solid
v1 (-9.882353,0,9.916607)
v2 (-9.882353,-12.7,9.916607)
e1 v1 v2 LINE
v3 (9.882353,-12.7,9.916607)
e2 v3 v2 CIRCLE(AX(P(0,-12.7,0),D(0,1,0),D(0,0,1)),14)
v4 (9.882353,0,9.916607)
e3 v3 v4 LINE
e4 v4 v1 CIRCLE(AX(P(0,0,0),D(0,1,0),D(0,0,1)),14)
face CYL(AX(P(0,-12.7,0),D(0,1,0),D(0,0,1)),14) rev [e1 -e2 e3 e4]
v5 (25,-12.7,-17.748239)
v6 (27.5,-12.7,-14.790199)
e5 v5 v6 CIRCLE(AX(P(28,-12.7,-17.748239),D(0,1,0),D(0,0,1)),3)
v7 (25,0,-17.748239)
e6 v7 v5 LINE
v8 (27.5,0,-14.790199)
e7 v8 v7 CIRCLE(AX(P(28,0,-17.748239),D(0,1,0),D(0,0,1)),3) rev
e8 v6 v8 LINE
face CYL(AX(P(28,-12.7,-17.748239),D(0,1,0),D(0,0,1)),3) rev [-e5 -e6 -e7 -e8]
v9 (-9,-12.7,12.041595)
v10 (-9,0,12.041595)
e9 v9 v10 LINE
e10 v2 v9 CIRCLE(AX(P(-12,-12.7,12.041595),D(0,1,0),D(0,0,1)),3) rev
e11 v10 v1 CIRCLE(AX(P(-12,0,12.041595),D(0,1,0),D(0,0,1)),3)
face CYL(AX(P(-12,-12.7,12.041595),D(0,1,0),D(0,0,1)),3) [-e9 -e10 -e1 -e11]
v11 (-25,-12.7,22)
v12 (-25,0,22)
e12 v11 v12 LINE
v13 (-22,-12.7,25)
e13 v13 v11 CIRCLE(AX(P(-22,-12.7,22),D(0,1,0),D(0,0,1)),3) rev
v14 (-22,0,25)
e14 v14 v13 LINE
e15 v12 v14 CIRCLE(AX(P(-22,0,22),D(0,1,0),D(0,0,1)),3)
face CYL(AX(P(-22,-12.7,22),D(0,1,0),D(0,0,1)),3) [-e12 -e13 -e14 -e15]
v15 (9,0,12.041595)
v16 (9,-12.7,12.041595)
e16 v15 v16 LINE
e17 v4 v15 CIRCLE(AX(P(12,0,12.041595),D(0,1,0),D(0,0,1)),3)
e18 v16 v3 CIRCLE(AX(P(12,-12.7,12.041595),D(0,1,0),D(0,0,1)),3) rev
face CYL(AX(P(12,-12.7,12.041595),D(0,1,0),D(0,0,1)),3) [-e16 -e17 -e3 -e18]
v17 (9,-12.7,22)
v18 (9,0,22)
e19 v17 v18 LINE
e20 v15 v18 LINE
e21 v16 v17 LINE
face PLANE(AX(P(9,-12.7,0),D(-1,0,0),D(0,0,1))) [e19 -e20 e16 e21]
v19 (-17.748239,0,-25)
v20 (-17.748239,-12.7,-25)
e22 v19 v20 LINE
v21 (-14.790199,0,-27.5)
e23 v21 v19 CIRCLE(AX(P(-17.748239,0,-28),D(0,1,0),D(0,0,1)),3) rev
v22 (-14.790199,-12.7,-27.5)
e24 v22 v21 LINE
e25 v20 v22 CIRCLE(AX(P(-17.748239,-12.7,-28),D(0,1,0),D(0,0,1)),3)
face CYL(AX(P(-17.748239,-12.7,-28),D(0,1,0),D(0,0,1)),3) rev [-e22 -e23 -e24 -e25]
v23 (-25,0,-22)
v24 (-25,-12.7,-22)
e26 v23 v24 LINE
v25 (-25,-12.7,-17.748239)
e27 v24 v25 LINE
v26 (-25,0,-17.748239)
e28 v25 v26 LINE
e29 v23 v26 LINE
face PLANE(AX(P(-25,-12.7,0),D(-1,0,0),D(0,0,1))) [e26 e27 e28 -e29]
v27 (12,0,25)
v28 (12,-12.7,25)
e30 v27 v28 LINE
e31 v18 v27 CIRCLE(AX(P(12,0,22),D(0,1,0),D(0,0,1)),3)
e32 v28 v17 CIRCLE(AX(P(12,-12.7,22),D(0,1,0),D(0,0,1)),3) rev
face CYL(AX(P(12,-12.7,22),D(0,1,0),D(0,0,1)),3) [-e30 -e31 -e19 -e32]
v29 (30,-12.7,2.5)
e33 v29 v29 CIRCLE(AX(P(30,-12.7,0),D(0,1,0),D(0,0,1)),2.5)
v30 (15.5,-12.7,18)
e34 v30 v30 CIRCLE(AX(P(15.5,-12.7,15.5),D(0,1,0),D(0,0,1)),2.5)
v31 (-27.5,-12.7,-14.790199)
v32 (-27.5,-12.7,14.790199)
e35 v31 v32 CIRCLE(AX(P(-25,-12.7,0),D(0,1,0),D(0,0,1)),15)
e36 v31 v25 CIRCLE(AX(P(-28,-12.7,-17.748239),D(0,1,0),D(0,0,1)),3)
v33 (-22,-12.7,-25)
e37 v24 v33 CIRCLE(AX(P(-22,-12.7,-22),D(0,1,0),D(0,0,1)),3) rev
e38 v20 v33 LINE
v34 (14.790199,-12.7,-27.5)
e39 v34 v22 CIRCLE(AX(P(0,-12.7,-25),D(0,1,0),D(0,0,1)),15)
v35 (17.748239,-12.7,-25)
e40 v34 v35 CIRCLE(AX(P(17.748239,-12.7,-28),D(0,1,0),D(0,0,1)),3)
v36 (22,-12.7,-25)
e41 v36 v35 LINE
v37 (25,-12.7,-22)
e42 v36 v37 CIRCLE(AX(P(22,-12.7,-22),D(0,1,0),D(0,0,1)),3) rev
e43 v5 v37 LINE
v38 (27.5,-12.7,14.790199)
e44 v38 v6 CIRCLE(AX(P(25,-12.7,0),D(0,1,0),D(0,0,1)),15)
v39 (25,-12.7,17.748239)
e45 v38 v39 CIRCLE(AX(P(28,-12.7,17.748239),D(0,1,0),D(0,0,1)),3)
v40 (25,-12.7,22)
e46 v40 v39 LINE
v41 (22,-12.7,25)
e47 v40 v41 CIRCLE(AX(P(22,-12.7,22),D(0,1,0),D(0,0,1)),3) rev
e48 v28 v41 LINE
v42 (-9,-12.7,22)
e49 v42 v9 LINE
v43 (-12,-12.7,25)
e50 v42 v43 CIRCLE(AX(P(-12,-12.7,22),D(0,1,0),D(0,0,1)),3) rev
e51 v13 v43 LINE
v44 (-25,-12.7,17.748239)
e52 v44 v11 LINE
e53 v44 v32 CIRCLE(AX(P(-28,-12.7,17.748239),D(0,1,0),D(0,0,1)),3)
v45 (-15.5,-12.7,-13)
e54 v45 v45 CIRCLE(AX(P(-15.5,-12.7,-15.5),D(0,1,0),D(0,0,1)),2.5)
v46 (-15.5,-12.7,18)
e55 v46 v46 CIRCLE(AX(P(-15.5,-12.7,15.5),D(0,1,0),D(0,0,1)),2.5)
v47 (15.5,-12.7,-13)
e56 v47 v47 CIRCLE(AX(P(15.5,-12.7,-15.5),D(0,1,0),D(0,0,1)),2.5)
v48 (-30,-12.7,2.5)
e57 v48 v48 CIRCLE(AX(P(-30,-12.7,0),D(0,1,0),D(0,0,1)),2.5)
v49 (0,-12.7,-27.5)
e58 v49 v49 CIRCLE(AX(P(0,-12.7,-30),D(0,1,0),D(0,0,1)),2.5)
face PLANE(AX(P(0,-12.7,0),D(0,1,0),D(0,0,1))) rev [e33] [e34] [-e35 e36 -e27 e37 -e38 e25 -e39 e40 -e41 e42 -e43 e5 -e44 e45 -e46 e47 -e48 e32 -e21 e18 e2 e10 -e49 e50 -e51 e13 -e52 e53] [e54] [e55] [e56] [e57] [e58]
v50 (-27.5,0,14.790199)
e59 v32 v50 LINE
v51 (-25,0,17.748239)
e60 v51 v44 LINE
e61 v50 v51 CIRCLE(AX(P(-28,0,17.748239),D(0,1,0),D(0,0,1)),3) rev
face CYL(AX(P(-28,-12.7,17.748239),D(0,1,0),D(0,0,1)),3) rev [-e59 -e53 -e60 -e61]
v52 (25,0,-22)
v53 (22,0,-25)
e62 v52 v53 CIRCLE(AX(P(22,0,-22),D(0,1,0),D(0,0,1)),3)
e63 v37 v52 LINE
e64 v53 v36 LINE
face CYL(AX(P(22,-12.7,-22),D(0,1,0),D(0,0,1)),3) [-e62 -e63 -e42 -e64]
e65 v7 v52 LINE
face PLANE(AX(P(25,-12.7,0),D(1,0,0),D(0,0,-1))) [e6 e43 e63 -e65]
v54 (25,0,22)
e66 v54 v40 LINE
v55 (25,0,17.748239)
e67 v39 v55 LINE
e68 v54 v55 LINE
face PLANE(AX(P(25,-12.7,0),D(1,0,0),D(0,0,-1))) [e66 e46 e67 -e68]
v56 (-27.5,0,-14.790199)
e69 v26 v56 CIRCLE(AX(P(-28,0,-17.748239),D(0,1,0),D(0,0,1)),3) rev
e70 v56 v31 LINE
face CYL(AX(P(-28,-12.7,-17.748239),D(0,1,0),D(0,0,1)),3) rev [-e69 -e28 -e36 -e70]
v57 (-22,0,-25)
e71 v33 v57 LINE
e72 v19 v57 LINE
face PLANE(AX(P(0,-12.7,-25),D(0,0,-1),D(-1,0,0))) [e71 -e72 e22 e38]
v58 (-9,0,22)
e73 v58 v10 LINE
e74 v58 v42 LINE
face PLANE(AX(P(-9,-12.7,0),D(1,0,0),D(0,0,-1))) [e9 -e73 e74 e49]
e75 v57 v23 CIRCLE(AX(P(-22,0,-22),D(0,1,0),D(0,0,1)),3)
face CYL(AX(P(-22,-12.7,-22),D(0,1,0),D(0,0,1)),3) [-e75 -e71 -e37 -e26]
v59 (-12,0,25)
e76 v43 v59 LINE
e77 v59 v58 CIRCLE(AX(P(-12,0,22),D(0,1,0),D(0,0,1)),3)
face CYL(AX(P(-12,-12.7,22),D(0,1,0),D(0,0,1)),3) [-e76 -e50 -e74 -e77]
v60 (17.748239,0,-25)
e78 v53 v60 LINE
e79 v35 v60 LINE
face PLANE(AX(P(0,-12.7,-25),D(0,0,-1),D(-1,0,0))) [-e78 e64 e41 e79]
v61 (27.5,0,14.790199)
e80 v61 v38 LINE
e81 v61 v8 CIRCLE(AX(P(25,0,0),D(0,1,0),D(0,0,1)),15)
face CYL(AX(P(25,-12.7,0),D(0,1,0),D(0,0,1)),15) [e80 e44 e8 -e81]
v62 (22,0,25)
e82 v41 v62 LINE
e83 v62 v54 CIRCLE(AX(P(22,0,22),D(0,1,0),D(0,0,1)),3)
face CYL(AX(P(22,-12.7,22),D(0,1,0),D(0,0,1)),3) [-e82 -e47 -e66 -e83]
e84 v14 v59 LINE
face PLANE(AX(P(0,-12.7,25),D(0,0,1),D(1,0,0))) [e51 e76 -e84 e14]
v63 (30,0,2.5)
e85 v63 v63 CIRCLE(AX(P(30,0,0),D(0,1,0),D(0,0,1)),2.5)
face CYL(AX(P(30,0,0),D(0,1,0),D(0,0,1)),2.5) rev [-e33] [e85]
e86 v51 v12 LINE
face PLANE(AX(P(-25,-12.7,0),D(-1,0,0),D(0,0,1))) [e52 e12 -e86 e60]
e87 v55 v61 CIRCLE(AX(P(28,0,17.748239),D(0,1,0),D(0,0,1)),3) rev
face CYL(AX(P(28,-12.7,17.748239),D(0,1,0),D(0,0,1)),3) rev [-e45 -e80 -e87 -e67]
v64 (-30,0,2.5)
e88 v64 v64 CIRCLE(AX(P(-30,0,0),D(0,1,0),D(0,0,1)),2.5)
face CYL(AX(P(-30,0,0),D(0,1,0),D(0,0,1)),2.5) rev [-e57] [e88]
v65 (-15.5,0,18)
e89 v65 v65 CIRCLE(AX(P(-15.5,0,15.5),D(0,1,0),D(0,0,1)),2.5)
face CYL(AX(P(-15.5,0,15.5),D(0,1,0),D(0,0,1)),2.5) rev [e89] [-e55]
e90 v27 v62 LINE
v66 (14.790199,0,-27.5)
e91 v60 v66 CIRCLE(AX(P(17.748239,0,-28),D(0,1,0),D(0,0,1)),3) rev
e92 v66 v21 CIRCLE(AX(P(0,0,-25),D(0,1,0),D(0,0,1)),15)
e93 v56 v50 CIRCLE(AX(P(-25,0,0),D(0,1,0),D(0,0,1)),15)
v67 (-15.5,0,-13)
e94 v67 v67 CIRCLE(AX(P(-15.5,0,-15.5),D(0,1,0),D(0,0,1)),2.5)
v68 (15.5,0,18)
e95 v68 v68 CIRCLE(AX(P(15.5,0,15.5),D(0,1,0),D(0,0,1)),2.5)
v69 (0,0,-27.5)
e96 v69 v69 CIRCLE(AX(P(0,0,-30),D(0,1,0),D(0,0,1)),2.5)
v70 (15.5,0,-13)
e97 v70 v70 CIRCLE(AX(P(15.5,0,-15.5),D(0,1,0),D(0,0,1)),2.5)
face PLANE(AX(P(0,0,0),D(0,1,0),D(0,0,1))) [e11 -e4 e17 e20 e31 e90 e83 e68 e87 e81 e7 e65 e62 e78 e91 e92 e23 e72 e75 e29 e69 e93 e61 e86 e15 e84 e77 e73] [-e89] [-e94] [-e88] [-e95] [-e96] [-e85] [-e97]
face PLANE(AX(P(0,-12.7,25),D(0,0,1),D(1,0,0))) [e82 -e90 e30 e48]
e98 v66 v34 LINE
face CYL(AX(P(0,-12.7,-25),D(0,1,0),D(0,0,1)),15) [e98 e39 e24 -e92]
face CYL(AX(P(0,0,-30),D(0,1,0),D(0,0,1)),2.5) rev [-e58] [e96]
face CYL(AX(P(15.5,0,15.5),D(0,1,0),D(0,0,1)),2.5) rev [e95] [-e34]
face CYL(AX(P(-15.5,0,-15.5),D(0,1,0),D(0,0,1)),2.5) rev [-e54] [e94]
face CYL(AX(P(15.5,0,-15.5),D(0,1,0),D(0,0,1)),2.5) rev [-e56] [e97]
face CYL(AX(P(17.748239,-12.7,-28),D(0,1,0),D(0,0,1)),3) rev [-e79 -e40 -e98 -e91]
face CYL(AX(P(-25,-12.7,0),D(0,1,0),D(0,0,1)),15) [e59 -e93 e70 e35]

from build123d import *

# Parameters (mm, degrees)
BOSS_EXTRUDE1_DEPTH         = 12.7
TAP_DRILL_FOR_M6X1_0_TAP1_D = 5
FILLET1_R                   = 3


with BuildPart() as part:
    # Sketch1 → Boss-Extrude1 (new body)
    with BuildSketch(Plane(origin=(0, 0, 0), x_dir=(1, 0, 0), z_dir=(0, 1, 0))):
        with BuildLine():
            Line((-25, -15), (-25, -25))
            Line((-25, -25), (-9, -25))
            Line((-9, -25), (-9, -10.723805295))
            ThreePointArc((-9, -10.723805295), (0, 14), (9, -10.723805295))
            Line((9, -10.723805295), (9, -25))
            Line((9, -25), (25, -25))
            Line((25, -25), (25, -15))
            ThreePointArc((25, -15), (40, 0), (25, 15))
            Line((25, 15), (25, 25))
            Line((25, 25), (15, 25))
            ThreePointArc((15, 25), (0, 40), (-15, 25))
            Line((-15, 25), (-25, 25))
            Line((-25, 25), (-25, 15))
            ThreePointArc((-25, 15), (-40, 0), (-25, -15))
        make_face()
    extrude(amount=-BOSS_EXTRUDE1_DEPTH)

    # Tap Drill for M6x1.0 Tap1 (through all)
    with Locations(Plane(origin=(-15.5, 0, 15.5), x_dir=(0, 0, 1), z_dir=(0, 1, 0))):
        with Locations((0, 0), (-31, 0), (-31, 31), (0, 31), (-15.5, -14.5), (-45.5, 15.5), (-15.5, 45.5)):
            Hole(TAP_DRILL_FOR_M6X1_0_TAP1_D / 2)

    # Fillet1
    fillet1_edges = [part.edges().sort_by_distance(p)[0] for p in [
        (-25, -6.35, -15),
        (-25, -6.35, -25),
        (-15, -6.35, -25),
        (15, -6.35, -25),
        (25, -6.35, -25),
        (25, -6.35, -15),
        (25, -6.35, 15),
        (25, -6.35, 25),
        (9, -6.35, 25),
        (9, -6.35, 10.723805295),
        (-9, -6.35, 10.723805295),
        (-9, -6.35, 25),
        (-25, -6.35, 25),
        (-25, -6.35, 15),
    ]]
    fillet(fillet1_edges, radius=FILLET1_R)


solid = part.part
